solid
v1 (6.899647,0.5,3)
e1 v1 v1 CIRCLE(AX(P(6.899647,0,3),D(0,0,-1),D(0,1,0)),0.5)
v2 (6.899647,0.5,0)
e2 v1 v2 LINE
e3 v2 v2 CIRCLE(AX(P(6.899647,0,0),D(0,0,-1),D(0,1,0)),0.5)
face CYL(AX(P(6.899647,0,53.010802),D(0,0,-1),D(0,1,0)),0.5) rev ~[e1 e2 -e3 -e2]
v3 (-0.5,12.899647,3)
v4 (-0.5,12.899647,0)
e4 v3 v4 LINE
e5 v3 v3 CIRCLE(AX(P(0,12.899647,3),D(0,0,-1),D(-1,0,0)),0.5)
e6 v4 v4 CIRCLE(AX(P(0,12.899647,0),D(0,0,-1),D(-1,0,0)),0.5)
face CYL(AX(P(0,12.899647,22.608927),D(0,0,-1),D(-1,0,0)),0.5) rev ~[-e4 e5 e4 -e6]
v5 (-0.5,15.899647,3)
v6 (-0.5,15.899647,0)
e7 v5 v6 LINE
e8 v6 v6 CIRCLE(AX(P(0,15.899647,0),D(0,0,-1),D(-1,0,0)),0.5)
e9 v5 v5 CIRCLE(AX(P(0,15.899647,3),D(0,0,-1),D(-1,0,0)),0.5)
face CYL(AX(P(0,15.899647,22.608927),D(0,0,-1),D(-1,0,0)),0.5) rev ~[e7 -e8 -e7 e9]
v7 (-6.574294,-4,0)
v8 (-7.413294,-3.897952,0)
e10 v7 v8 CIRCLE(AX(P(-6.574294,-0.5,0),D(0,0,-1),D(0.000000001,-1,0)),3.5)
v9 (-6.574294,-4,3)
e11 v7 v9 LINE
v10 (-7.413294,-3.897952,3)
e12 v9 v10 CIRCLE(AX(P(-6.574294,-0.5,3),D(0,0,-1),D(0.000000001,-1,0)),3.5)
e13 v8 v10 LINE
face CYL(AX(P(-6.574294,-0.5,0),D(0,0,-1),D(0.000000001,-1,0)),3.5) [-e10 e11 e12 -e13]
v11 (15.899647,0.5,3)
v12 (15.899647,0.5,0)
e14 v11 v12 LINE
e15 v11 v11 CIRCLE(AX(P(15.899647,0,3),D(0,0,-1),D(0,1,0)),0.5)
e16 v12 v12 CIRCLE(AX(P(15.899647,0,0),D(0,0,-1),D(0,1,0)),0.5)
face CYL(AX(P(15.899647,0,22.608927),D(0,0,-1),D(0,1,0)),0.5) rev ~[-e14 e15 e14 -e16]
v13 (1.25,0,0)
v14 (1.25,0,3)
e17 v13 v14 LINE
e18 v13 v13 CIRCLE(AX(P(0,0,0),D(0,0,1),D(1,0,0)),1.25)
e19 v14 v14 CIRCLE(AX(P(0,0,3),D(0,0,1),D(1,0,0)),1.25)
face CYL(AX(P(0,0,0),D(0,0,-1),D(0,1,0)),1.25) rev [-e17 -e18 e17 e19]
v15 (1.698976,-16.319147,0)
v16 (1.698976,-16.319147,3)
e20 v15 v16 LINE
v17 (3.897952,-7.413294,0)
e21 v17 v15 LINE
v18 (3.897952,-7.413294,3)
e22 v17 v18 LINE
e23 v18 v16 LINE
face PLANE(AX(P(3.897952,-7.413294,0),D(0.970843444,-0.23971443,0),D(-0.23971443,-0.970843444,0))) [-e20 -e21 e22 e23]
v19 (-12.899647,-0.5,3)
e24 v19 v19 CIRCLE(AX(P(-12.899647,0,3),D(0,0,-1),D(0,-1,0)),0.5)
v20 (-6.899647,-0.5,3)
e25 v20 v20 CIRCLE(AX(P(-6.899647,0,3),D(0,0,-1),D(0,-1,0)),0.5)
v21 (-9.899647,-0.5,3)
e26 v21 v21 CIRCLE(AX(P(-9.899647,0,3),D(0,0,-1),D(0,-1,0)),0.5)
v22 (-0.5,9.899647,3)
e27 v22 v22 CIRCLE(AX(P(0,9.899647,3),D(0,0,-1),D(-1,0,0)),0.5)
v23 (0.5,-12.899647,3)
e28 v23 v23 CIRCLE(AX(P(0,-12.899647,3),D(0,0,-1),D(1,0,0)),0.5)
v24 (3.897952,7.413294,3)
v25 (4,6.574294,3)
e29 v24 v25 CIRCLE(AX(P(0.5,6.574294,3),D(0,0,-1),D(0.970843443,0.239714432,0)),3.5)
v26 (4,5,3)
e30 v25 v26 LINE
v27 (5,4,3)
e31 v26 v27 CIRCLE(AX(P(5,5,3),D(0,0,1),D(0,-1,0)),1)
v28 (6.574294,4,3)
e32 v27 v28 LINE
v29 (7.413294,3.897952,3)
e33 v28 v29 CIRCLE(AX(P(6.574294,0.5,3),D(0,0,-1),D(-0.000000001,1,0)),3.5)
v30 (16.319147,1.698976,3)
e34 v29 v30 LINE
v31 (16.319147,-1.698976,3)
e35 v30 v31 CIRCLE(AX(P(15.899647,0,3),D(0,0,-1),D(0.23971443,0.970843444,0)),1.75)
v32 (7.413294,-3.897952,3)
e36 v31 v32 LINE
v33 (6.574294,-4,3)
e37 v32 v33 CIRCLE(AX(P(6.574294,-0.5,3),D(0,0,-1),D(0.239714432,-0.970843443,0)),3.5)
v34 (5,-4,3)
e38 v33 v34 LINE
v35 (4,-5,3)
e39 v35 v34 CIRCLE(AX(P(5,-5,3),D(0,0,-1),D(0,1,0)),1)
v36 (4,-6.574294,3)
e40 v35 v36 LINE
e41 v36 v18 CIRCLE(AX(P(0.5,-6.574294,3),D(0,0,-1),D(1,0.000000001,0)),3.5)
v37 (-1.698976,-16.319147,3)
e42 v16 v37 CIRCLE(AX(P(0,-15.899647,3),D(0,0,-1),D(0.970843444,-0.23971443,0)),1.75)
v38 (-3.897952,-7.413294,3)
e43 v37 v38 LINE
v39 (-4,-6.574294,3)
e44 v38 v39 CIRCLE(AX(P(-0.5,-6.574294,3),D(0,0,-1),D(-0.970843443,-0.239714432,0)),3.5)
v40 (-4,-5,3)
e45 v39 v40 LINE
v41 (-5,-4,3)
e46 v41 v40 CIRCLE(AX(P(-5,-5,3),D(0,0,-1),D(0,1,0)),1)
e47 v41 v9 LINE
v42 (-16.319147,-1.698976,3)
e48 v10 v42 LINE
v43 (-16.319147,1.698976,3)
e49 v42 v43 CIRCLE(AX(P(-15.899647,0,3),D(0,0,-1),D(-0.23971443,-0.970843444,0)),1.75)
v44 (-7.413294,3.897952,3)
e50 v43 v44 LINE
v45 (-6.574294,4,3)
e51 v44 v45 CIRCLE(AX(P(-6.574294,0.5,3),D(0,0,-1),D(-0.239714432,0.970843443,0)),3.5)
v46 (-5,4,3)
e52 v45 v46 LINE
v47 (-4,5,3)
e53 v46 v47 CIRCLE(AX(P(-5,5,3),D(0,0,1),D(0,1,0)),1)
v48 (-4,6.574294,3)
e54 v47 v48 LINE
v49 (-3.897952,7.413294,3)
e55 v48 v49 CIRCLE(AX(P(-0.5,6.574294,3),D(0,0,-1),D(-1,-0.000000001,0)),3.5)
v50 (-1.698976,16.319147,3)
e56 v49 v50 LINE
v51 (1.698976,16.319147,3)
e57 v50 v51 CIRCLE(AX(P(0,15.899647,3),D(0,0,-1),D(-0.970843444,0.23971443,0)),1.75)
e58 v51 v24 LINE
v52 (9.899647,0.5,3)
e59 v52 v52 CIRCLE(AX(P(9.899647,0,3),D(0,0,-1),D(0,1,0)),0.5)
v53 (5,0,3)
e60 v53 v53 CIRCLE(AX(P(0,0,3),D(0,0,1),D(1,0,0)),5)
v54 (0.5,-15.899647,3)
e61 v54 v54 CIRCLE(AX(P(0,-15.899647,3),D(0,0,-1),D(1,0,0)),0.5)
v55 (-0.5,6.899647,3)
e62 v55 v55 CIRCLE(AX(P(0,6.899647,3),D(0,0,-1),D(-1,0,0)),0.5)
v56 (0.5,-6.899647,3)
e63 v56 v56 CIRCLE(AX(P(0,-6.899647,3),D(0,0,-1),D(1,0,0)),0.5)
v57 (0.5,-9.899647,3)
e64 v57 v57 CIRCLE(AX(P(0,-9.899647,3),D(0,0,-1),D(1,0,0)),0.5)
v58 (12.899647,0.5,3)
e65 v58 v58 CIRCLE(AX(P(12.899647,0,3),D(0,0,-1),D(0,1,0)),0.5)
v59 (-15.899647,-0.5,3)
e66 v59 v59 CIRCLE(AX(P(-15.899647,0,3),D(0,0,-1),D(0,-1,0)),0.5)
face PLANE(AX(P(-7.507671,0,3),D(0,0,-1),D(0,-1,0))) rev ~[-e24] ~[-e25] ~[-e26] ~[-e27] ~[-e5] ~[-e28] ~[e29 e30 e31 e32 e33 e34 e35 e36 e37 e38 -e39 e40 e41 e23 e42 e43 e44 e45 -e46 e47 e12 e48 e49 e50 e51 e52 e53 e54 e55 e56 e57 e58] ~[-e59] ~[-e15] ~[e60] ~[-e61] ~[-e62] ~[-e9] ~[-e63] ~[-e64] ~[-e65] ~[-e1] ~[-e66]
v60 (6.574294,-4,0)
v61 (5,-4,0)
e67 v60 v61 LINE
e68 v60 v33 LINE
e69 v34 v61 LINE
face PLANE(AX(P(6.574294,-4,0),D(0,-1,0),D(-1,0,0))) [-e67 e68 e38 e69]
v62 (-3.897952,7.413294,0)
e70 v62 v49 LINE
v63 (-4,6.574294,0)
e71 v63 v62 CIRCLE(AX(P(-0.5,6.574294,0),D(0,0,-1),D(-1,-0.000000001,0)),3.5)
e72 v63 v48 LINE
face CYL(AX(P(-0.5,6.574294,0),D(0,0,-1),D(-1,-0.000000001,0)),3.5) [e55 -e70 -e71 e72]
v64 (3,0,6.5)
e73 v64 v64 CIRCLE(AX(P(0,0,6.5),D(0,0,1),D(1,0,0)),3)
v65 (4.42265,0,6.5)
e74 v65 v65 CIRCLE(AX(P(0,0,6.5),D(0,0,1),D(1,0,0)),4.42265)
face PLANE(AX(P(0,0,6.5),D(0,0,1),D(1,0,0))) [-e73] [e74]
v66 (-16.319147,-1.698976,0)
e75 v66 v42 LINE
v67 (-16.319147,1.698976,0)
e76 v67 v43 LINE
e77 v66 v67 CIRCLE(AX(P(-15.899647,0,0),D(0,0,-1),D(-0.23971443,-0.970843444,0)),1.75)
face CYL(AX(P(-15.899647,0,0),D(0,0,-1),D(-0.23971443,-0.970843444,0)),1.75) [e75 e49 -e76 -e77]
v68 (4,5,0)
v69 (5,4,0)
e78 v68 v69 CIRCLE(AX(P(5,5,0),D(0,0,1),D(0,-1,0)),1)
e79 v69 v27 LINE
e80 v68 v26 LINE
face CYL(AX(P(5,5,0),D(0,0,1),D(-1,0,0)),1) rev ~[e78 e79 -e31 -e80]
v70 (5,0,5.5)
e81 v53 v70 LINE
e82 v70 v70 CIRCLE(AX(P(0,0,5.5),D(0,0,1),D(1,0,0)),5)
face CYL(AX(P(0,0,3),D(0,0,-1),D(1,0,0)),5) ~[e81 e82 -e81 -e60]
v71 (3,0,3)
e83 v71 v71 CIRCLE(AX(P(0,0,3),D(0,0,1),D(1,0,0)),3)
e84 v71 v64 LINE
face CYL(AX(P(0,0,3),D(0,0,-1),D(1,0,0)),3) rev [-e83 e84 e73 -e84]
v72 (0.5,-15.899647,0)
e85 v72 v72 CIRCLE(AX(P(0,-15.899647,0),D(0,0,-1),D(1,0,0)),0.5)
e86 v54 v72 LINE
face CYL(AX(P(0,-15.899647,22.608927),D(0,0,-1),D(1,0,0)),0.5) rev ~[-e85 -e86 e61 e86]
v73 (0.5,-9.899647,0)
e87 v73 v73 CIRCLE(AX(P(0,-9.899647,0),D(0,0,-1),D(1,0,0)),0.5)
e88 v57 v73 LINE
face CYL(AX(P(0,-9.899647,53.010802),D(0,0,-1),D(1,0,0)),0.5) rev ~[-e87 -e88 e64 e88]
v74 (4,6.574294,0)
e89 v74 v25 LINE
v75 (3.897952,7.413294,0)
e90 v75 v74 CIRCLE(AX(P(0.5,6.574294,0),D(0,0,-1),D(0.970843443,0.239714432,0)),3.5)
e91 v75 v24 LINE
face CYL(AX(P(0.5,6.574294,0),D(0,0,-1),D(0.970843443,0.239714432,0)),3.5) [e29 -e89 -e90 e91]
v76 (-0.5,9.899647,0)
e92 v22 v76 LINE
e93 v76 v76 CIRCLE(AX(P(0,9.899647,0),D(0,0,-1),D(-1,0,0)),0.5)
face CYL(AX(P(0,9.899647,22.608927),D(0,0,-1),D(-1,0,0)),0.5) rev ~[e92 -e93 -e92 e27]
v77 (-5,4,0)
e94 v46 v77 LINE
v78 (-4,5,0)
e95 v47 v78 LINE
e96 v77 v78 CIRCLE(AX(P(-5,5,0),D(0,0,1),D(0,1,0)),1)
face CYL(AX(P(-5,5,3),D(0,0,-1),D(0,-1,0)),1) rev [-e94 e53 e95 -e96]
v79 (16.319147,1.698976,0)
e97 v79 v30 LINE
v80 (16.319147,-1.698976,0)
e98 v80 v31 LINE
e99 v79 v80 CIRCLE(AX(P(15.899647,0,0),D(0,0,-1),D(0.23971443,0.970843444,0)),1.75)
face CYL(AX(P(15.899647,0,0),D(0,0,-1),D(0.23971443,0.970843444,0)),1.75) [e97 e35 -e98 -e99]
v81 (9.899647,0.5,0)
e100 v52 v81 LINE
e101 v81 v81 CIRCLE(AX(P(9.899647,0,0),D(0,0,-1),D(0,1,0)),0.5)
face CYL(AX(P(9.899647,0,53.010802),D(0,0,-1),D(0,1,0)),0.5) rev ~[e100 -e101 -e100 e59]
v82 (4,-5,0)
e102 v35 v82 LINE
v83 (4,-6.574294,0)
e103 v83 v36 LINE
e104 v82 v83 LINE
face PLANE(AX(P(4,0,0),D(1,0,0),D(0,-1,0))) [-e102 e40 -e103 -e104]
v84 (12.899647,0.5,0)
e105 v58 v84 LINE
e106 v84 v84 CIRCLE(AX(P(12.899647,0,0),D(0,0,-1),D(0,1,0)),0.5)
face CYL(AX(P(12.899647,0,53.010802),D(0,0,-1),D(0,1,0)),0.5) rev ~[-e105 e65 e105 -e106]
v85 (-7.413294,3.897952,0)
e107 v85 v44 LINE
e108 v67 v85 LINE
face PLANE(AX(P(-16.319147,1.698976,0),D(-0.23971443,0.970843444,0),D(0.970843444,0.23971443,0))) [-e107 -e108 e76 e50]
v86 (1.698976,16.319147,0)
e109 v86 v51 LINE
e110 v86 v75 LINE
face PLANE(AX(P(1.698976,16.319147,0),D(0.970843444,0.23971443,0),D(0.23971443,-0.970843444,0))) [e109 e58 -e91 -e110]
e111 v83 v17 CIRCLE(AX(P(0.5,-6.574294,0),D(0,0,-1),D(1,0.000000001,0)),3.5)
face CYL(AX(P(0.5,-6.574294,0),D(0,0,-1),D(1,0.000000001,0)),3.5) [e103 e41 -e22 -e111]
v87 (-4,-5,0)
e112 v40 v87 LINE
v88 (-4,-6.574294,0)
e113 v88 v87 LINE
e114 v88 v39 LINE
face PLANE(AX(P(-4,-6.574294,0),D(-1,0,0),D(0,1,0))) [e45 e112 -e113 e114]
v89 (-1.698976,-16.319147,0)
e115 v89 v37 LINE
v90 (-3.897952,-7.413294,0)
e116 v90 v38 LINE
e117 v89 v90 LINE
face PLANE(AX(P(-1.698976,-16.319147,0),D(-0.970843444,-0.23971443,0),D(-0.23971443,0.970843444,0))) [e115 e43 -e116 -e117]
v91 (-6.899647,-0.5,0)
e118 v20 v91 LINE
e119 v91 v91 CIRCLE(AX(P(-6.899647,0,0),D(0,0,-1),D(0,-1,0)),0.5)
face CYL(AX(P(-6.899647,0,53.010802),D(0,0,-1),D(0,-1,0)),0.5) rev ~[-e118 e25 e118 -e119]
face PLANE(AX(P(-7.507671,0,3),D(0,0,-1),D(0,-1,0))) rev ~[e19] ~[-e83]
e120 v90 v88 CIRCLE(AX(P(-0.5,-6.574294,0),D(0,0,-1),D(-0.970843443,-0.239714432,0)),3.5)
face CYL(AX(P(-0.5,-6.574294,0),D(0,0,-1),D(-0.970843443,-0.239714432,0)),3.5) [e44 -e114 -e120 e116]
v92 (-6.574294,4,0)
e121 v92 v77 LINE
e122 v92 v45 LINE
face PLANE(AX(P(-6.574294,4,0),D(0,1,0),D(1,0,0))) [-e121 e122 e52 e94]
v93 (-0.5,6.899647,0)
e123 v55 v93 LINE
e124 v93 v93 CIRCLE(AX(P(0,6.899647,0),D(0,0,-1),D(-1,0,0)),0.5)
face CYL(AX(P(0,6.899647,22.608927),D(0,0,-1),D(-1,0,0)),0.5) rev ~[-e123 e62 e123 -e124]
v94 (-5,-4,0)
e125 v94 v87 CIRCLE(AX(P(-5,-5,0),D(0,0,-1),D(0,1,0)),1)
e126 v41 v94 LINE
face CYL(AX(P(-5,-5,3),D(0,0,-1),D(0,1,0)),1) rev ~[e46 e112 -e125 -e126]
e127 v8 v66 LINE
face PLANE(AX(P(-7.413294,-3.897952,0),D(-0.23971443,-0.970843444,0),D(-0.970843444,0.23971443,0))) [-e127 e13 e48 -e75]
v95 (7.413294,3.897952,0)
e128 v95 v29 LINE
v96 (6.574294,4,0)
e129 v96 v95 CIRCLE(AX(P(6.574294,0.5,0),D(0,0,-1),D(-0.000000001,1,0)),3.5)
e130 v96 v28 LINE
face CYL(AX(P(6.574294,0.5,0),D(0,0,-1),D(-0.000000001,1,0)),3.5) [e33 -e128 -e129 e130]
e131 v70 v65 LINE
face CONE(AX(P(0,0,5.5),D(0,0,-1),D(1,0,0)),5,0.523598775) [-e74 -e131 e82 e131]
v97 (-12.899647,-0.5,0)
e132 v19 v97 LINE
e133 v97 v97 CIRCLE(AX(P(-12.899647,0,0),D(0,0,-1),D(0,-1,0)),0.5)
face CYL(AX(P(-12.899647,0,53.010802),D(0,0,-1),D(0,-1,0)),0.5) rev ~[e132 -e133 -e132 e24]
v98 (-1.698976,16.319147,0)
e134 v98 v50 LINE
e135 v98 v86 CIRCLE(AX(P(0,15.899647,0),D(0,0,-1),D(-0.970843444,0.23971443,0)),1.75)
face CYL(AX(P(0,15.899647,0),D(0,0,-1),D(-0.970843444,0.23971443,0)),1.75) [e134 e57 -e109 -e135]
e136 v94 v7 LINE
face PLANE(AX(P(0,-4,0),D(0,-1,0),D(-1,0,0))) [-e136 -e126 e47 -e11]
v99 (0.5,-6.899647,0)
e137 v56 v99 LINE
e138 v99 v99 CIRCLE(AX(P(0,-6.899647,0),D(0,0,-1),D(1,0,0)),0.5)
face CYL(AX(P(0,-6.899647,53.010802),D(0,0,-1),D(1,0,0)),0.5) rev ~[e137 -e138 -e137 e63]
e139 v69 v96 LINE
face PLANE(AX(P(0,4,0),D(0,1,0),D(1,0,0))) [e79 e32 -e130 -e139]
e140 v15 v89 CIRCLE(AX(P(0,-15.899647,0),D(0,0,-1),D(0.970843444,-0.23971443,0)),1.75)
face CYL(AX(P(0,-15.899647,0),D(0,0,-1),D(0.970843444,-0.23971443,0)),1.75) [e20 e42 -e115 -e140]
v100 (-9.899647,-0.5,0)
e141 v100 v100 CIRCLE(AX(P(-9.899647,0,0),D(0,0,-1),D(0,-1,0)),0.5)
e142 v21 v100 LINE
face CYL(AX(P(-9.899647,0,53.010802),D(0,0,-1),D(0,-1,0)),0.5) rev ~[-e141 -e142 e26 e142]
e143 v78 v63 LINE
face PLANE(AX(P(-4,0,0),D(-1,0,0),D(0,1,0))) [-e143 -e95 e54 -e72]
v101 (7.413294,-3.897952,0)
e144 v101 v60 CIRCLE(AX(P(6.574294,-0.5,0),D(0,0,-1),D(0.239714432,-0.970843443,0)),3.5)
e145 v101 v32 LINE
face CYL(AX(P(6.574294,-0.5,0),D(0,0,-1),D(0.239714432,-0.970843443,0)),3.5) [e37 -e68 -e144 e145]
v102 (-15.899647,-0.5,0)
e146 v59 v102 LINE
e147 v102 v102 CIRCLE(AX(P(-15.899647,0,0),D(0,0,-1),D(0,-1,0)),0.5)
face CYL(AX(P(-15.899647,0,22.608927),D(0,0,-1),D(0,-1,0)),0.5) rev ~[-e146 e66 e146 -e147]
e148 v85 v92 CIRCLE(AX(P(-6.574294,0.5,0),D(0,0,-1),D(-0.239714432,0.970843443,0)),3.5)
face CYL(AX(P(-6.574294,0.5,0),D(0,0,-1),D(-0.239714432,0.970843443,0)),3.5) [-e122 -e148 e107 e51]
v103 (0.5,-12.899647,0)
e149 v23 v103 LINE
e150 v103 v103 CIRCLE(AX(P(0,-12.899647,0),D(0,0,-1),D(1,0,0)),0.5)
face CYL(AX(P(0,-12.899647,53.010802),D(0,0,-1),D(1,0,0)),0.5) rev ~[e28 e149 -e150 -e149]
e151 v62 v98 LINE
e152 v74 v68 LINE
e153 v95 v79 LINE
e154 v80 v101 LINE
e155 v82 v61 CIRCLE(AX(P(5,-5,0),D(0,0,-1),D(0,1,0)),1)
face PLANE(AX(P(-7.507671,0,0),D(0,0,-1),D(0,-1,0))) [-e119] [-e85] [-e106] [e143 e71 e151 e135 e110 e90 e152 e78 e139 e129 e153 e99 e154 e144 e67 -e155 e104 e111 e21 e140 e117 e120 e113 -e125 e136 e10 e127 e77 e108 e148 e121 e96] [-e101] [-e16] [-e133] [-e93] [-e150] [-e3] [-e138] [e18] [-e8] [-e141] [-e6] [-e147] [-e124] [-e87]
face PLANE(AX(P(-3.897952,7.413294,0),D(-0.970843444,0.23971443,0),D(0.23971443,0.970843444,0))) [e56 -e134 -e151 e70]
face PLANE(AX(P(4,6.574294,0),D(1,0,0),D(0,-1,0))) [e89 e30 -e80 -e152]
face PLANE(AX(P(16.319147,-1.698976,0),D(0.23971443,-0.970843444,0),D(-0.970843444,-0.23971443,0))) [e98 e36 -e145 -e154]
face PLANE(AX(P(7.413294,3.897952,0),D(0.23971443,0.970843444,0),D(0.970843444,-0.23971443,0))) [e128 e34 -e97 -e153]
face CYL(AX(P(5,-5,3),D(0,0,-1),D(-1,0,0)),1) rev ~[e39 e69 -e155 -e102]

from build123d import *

# Parameters (mm, degrees)
BOSS_EXTRUDE1_DEPTH   = 3
F_1_0MM_DOWEL_HOLE1_D = 1
LPATTERN1_COUNT       = 4
LPATTERN1_PITCH       = 3
CIRPATTERN1_COUNT     = 4
CIRPATTERN1_COPY_1_D  = 1
CIRPATTERN1_COPY_2_D  = 1
CIRPATTERN1_COPY_3_D  = 1
CIRPATTERN1_COPY_4_D  = 1
CIRPATTERN1_COPY_5_D  = 1
CIRPATTERN1_COPY_6_D  = 1
CIRPATTERN1_COPY_7_D  = 1
CIRPATTERN1_COPY_8_D  = 1
CIRPATTERN1_COPY_9_D  = 1
SKETCH6_R             = 5
SKETCH6_R_2           = 3
BOSS_EXTRUDE2_DEPTH   = 3.5
CHAMFER1_SIZE         = 1
CHAMFER1_SIZE2        = 0.577350269
FILLET1_R             = 1


with BuildPart() as part:
    # Sketch1 → Boss-Extrude1 (new body)
    with BuildSketch(Plane.XY):
        with BuildLine():
            Line((-4, 0), (-4, 6.574293681))
            ThreePointArc((-4, 6.574293681), (-3.974394349, 6.996885575), (-3.897952052, 7.413294188))
            Line((-3.897952052, 7.413294188), (-1.698976026, 16.319147094))
            ThreePointArc((-1.698976026, 16.319147094), (0, 17.649646841), (1.698976026, 16.319147094))
            Line((1.698976026, 16.319147094), (3.897952052, 7.413294188))
            ThreePointArc((3.897952052, 7.413294188), (3.974394349, 6.996885575), (4, 6.574293681))
            Line((4, 6.574293681), (4, 0))
            Line((4, 0), (1.25, 0))
            ThreePointArc((1.25, 0), (0, 1.25), (-1.25, 0))
            Line((-1.25, 0), (-4, 0))
        make_face()
    boss_extrude1 = extrude(amount=BOSS_EXTRUDE1_DEPTH)

    # Ø1.0mm Dowel Hole1 (through all)
    with Locations(Plane.XY.offset(3)):
        with Locations((0, 15.899646841)):
            f_1_0mm_dowel_hole1 = Hole(F_1_0MM_DOWEL_HOLE1_D / 2)

    # LPattern1: Ø1.0mm Dowel Hole1 ×4
    with Locations(*[(0, -i * LPATTERN1_PITCH, 0) for i in range(1, LPATTERN1_COUNT)]):
        add(f_1_0mm_dowel_hole1, mode=Mode.SUBTRACT)

    # CirPattern1: Boss-Extrude1, Ø1.0mm Dowel Hole1 ×4 about axis
    cirpattern1_axis = Axis((0, 0, 0), (0, 0, 1))
    add([boss_extrude1.rotate(cirpattern1_axis, i * 360 / CIRPATTERN1_COUNT) for i in range(1, CIRPATTERN1_COUNT)])
    add([f_1_0mm_dowel_hole1.rotate(cirpattern1_axis, i * 360 / CIRPATTERN1_COUNT) for i in range(1, CIRPATTERN1_COUNT)], mode=Mode.SUBTRACT)

    # CirPattern1 copy 1 (through all)
    with Locations(Plane(origin=(3, 0, 3), x_dir=(0, 1, 0), z_dir=(0, 0, 1))):
        with Locations((0, 15.899646841)):
            Hole(CIRPATTERN1_COPY_1_D / 2)

    # CirPattern1 copy 2 (through all)
    with Locations(Plane(origin=(0, 3, 3), x_dir=(-1, 0, 0), z_dir=(0, 0, 1))):
        with Locations((0, 15.899646841)):
            Hole(CIRPATTERN1_COPY_2_D / 2)

    # CirPattern1 copy 3 (through all)
    with Locations(Plane(origin=(-3, 0, 3), x_dir=(0, -1, 0), z_dir=(0, 0, 1))):
        with Locations((0, 15.899646841)):
            Hole(CIRPATTERN1_COPY_3_D / 2)

    # CirPattern1 copy 4 (through all)
    with Locations(Plane(origin=(6, 0, 3), x_dir=(0, 1, 0), z_dir=(0, 0, 1))):
        with Locations((0, 15.899646841)):
            Hole(CIRPATTERN1_COPY_4_D / 2)

    # CirPattern1 copy 5 (through all)
    with Locations(Plane(origin=(0, 6, 3), x_dir=(-1, 0, 0), z_dir=(0, 0, 1))):
        with Locations((0, 15.899646841)):
            Hole(CIRPATTERN1_COPY_5_D / 2)

    # CirPattern1 copy 6 (through all)
    with Locations(Plane(origin=(-6, 0, 3), x_dir=(0, -1, 0), z_dir=(0, 0, 1))):
        with Locations((0, 15.899646841)):
            Hole(CIRPATTERN1_COPY_6_D / 2)

    # CirPattern1 copy 7 (through all)
    with Locations(Plane(origin=(9, 0, 3), x_dir=(0, 1, 0), z_dir=(0, 0, 1))):
        with Locations((0, 15.899646841)):
            Hole(CIRPATTERN1_COPY_7_D / 2)

    # CirPattern1 copy 8 (through all)
    with Locations(Plane(origin=(0, 9, 3), x_dir=(-1, 0, 0), z_dir=(0, 0, 1))):
        with Locations((0, 15.899646841)):
            Hole(CIRPATTERN1_COPY_8_D / 2)

    # CirPattern1 copy 9 (through all)
    with Locations(Plane(origin=(-9, 0, 3), x_dir=(0, -1, 0), z_dir=(0, 0, 1))):
        with Locations((0, 15.899646841)):
            Hole(CIRPATTERN1_COPY_9_D / 2)

    # Sketch6 → Boss-Extrude2 (add)
    with BuildSketch(Plane.XY.offset(3)):
        Circle(SKETCH6_R)
        Circle(SKETCH6_R_2, mode=Mode.SUBTRACT)
    extrude(amount=BOSS_EXTRUDE2_DEPTH)

    # Chamfer1
    chamfer1_edges = [part.edges().sort_by_distance(p)[0] for p in [
        (-5, 0, 6.5),
    ]]
    chamfer1_side = [part.faces().sort_by_distance(p)[0] for p in [
        (-5, 0, 4.75),
    ]]
    chamfer(chamfer1_edges, length=CHAMFER1_SIZE, length2=CHAMFER1_SIZE2, reference=chamfer1_side[0])

    # Fillet1
    fillet1_edges = [part.edges().sort_by_distance(p)[0] for p in [
        (4, 4, 1.5),
        (-4, 4, 1.5),
        (-4, -4, 1.5),
        (4, -4, 1.5),
    ]]
    fillet(fillet1_edges, radius=FILLET1_R)


solid = part.part
